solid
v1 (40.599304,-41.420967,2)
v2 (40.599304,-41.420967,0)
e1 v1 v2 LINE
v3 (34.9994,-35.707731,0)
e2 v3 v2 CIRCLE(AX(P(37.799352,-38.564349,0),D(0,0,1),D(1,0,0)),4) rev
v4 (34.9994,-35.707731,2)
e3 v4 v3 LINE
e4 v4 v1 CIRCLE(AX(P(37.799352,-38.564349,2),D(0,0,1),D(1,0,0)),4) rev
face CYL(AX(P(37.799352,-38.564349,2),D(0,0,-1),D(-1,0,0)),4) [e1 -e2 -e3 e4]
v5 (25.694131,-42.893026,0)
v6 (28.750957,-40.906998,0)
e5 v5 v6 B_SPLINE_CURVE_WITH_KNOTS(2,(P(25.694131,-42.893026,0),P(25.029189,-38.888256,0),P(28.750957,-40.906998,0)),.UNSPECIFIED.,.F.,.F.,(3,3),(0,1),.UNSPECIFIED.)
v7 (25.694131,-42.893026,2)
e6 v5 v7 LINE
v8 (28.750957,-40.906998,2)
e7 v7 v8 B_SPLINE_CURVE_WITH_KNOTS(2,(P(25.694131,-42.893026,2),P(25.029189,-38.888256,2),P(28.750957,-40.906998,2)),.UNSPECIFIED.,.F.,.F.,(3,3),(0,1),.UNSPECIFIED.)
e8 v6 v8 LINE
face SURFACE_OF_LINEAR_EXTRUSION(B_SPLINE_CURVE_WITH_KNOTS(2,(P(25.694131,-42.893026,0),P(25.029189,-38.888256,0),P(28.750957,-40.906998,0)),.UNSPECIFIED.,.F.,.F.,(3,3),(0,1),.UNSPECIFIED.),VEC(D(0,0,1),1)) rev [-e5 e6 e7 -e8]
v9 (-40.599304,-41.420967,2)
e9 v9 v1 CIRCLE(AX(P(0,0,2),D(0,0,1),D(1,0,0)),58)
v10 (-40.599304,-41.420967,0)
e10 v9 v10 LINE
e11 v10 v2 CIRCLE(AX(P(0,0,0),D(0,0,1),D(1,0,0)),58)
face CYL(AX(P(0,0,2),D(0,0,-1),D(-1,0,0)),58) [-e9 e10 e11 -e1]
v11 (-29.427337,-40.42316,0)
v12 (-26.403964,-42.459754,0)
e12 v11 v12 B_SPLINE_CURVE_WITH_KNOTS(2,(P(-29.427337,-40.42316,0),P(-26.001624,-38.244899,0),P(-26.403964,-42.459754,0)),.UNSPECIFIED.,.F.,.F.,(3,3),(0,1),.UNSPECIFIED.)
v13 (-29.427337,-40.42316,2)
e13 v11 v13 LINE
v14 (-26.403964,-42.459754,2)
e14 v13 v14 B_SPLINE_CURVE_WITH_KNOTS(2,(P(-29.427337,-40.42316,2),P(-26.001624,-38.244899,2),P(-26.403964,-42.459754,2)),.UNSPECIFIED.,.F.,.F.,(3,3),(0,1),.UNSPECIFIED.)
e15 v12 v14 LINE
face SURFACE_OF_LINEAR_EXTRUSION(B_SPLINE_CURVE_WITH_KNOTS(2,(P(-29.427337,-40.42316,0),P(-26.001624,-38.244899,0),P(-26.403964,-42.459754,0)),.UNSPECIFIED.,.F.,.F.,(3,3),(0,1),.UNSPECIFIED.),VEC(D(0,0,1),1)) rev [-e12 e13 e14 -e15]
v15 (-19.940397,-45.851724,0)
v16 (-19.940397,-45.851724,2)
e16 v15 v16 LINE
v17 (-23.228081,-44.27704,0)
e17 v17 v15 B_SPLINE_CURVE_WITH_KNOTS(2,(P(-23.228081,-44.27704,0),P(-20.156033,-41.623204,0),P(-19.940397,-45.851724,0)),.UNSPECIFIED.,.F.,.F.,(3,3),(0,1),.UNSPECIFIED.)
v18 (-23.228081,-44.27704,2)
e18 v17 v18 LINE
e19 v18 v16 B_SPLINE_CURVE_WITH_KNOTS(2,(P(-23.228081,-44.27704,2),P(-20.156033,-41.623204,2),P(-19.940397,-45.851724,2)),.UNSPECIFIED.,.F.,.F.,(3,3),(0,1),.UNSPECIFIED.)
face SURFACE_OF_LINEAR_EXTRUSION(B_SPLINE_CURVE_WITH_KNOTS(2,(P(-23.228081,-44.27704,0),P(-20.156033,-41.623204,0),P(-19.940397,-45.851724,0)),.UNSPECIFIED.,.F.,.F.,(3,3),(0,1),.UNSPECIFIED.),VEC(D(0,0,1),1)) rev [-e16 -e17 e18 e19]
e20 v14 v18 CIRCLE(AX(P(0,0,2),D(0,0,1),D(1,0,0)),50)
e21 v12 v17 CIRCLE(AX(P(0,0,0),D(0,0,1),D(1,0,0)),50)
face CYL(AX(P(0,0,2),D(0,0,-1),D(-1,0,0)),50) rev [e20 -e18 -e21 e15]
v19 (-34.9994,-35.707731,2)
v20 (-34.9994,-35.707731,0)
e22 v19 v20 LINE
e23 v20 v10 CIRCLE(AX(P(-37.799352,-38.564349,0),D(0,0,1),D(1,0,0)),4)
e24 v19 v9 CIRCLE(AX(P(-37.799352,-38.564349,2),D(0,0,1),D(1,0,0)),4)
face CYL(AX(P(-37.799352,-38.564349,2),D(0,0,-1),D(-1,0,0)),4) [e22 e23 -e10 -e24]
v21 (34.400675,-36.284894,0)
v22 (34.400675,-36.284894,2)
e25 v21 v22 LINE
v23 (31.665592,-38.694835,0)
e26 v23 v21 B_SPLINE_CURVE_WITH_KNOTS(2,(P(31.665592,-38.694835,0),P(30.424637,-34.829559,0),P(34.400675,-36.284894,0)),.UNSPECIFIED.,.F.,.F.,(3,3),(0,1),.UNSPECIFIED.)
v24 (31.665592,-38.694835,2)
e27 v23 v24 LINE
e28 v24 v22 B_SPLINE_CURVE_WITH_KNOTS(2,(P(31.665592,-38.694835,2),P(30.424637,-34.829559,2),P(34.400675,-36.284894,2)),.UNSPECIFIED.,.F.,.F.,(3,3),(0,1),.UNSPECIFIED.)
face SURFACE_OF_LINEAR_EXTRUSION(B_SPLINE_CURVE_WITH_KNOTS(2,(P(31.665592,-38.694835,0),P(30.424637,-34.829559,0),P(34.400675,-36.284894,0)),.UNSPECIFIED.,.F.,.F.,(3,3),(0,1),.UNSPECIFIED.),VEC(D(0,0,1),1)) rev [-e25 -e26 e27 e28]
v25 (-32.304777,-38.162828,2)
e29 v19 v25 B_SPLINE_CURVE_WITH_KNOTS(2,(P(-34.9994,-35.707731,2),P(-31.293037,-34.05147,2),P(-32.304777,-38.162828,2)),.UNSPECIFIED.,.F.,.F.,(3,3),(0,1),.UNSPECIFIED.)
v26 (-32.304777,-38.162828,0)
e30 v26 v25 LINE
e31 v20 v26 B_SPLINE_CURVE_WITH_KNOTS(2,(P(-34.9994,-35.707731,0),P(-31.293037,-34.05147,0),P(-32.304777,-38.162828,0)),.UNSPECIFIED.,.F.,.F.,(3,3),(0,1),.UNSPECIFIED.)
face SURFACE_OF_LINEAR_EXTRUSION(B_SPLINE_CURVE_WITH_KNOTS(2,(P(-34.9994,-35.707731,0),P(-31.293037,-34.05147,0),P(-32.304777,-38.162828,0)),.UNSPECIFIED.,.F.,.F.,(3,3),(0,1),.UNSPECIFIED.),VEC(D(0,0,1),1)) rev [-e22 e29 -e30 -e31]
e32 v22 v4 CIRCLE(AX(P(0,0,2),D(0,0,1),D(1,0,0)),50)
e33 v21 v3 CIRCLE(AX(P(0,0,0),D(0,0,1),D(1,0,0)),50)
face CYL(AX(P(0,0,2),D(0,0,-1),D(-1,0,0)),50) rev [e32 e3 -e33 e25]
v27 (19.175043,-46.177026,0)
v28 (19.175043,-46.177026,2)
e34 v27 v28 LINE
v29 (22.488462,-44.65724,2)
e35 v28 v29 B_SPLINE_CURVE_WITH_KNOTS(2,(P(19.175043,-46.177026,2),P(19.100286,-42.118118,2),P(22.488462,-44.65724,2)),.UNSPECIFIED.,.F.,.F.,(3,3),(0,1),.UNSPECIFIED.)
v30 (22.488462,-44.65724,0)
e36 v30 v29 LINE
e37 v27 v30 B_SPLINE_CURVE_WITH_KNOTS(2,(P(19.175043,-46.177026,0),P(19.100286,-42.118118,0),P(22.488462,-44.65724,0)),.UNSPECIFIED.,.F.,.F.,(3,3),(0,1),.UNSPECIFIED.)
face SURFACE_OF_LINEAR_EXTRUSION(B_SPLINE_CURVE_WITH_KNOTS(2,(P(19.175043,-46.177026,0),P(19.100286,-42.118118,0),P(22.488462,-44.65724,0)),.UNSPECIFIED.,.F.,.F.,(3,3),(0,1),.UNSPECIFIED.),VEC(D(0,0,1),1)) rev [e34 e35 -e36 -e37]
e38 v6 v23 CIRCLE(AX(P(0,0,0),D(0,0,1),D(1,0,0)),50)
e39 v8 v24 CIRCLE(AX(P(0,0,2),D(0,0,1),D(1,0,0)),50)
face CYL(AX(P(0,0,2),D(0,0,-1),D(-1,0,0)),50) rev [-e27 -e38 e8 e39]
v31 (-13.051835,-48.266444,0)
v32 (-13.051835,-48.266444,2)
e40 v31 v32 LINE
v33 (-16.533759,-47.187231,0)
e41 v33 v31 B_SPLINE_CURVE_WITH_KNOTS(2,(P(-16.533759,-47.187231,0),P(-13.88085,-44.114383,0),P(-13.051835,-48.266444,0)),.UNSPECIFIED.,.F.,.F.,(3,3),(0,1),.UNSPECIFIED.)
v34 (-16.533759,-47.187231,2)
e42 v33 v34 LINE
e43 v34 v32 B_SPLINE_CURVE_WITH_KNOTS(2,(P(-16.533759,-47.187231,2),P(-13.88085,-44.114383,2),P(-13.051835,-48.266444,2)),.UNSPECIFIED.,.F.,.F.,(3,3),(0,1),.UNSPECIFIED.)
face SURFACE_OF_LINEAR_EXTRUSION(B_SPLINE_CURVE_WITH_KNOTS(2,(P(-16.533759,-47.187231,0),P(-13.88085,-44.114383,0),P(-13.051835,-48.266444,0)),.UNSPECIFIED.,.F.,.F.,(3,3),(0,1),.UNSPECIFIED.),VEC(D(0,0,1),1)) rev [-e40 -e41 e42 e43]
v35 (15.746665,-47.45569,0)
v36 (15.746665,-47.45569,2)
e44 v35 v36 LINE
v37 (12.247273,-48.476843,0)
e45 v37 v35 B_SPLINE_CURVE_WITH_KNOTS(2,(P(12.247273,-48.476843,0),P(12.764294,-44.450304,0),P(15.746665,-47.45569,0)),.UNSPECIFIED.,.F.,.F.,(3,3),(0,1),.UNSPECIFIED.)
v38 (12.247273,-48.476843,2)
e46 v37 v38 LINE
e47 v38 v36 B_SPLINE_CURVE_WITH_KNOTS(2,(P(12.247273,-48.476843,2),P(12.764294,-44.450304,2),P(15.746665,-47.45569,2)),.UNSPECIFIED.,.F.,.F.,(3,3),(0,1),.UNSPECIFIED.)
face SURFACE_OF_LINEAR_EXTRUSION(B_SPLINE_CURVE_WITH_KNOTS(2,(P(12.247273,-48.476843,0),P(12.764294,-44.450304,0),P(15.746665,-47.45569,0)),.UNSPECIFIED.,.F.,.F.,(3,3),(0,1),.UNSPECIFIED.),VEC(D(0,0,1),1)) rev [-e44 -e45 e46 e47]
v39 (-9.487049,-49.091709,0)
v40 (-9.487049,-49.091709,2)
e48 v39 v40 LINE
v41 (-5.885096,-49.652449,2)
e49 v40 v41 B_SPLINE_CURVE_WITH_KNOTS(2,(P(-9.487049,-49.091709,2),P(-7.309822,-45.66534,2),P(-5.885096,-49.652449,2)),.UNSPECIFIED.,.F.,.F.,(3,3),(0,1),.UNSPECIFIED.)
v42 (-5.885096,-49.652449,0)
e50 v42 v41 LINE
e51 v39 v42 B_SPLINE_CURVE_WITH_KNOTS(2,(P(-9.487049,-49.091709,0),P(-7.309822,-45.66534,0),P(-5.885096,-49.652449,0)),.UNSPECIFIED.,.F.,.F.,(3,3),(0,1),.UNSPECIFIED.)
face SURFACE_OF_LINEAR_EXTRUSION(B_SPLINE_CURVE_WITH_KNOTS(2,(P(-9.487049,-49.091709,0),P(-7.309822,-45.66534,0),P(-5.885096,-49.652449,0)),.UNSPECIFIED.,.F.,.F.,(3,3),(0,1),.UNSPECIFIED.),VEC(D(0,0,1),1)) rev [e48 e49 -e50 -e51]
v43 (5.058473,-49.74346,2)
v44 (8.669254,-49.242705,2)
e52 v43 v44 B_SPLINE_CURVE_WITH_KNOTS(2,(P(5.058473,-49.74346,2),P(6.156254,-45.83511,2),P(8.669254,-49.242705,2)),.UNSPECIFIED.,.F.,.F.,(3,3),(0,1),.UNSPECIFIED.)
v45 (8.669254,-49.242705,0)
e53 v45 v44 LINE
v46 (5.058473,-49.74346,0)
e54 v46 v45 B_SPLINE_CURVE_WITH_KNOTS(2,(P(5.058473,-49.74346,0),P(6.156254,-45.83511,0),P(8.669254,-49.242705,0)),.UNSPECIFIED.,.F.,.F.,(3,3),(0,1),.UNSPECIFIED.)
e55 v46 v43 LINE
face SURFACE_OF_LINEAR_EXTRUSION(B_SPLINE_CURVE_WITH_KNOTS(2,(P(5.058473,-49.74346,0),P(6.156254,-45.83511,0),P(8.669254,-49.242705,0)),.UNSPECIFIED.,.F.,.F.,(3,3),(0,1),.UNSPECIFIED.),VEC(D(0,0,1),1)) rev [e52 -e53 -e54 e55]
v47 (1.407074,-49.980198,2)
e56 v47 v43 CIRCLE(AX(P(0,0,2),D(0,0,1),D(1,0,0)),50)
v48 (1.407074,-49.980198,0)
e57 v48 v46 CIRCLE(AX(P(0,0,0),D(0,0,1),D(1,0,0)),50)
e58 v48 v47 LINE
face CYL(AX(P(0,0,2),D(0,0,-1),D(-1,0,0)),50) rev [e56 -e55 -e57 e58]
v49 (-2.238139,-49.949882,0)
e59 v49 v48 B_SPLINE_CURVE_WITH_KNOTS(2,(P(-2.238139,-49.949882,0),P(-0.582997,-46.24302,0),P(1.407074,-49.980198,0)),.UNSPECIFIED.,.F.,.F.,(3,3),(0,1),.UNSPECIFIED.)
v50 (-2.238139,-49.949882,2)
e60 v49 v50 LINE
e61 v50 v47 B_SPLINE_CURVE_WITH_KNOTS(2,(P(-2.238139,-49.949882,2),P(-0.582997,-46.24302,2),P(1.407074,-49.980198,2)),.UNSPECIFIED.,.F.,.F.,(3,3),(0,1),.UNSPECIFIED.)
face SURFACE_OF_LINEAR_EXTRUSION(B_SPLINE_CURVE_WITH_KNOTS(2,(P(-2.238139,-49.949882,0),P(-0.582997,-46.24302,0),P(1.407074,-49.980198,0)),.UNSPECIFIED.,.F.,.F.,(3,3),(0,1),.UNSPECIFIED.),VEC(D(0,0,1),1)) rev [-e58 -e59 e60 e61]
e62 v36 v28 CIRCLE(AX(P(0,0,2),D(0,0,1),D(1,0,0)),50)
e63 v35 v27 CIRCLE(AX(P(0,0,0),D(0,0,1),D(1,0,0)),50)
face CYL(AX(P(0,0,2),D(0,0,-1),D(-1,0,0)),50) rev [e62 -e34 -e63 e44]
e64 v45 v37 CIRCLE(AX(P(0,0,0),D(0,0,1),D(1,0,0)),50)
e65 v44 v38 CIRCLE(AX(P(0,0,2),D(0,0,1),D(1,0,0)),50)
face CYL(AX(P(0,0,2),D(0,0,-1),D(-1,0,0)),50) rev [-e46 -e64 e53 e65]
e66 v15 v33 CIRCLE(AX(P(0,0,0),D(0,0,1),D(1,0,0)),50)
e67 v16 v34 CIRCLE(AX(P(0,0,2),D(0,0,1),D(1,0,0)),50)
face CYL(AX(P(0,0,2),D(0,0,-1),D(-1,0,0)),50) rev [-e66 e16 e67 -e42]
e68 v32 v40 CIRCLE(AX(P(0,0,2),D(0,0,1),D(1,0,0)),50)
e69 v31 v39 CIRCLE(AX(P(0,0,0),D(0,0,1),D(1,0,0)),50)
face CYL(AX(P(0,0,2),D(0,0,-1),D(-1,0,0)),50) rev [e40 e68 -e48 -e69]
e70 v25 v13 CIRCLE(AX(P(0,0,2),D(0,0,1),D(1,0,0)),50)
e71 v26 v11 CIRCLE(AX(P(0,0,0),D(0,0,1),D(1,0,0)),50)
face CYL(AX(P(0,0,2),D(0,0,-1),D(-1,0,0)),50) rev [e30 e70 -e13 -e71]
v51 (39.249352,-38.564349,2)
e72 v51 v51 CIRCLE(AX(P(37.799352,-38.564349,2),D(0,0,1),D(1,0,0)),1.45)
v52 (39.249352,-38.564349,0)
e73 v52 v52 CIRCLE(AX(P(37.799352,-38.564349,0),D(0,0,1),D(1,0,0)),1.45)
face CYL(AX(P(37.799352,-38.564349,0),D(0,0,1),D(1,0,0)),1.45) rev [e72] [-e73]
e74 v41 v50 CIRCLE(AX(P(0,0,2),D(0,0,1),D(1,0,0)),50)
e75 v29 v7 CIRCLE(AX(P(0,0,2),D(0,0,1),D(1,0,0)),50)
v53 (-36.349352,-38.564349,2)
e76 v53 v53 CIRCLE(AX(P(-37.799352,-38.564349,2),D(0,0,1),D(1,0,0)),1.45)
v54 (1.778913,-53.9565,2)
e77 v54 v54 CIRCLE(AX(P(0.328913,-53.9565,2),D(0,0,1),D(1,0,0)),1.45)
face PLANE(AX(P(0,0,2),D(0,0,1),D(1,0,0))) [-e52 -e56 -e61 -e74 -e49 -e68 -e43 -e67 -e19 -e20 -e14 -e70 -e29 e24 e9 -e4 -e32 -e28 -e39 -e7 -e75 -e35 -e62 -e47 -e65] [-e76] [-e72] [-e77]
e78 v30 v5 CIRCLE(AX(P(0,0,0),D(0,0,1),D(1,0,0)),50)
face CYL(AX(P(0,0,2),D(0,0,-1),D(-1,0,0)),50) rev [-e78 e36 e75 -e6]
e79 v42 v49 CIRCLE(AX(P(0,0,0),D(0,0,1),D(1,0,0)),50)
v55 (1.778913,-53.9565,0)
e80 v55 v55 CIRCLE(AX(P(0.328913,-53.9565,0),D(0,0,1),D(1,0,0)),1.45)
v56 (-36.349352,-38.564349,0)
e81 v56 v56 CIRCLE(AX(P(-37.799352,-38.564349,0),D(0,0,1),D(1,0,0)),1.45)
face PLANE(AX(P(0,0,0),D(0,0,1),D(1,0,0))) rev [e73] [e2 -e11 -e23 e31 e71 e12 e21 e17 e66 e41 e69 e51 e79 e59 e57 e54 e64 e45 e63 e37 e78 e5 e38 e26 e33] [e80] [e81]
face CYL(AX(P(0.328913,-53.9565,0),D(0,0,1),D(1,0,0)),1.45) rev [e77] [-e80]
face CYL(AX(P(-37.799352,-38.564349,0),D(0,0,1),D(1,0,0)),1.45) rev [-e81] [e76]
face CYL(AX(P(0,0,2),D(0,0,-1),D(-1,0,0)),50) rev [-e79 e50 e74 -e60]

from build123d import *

# Parameters (mm, degrees)
EXTRUDE_1_DEPTH     = 2
EXTRUDE_START       = -2
EXTRUDE_6_DEPTH     = 2
SKETCH_3_R          = 1.45
CUT_EXTRUDE_1_DEPTH = 2


with BuildPart() as part:
    # 草图1 → 凸台-拉伸1 (new body)
    with BuildSketch(Plane.XY):
        with BuildLine():
            ThreePointArc((34.999399669, -35.707730574), (0, -50), (-34.999399669, -35.707730574))
            ThreePointArc((-34.999399669, -35.707730574), (-40.655970089, -35.764397047), (-40.599303617, -41.420967466))
            ThreePointArc((-40.599303617, -41.420967466), (0, -58), (40.599303617, -41.420967466))
            ThreePointArc((40.599303617, -41.420967466), (40.655970089, -35.764397047), (34.999399669, -35.707730574))
        make_face()
    extrude(amount=EXTRUDE_1_DEPTH)

    # 草图2 → 凸台-拉伸6 (add)
    with BuildSketch(Plane.XY.offset(2).offset(EXTRUDE_START)):
        with BuildLine():
            add(Edge.make_bspline(
                [(-34.999399669, -35.707730574), (-31.293036679, -34.051470167), (-32.304776642, -38.162827543)],
                knots=[0, 0, 0, 1, 1, 1], degree=2))
            ThreePointArc((-34.999399669, -35.707730574), (-33.674469744, -36.959844257), (-32.304776642, -38.162827543))
        make_face()
        with BuildLine():
            add(Edge.make_bspline(
                [(-29.427336681, -40.423159895), (-26.001624486, -38.244898865), (-26.403964274, -42.459753539)],
                knots=[0, 0, 0, 1, 1, 1], degree=2))
            ThreePointArc((-29.427336681, -40.423159895), (-27.934216832, -41.469018918), (-26.403964274, -42.459753539))
        make_face()
        with BuildLine():
            add(Edge.make_bspline(
                [(-23.228081101, -44.277039743), (-20.15603281, -41.623203943), (-19.940397248, -45.851723605)],
                knots=[0, 0, 0, 1, 1, 1], degree=2))
            ThreePointArc((-23.228081101, -44.277039743), (-21.598594585, -45.094353437), (-19.940397248, -45.851723605))
        make_face()
        with BuildLine():
            add(Edge.make_bspline(
                [(-16.5337593, -47.18723136), (-13.880850288, -44.114382693), (-13.051835275, -48.266443788)],
                knots=[0, 0, 0, 1, 1, 1], degree=2))
            ThreePointArc((-16.5337593, -47.18723136), (-14.802635794, -47.758580104), (-13.051835275, -48.266443788))
        make_face()
        with BuildLine():
            add(Edge.make_bspline(
                [(-9.487049125, -49.091709065), (-7.309821542, -45.665339966), (-5.885096092, -49.65244852)],
                knots=[0, 0, 0, 1, 1, 1], degree=2))
            ThreePointArc((-9.487049125, -49.091709065), (-7.69118452, -49.404915552), (-5.885096092, -49.65244852))
        make_face()
        with BuildLine():
            add(Edge.make_bspline(
                [(-2.238138968, -49.949882222), (-0.58299664, -46.243019798), (1.407073696, -49.980197515)],
                knots=[0, 0, 0, 1, 1, 1], degree=2))
            ThreePointArc((-2.238138968, -49.949882222), (-0.415809002, -49.998270999), (1.407073696, -49.980197515))
        make_face()
        with BuildLine():
            add(Edge.make_bspline(
                [(5.058473235, -49.743460359), (6.156253823, -45.835109949), (8.669254151, -49.242705373)],
                knots=[0, 0, 0, 1, 1, 1], degree=2))
            ThreePointArc((5.058473235, -49.743460359), (6.868428764, -49.526000104), (8.669254151, -49.242705373))
        make_face()
        with BuildLine():
            add(Edge.make_bspline(
                [(31.66559238, -38.694835046), (30.424637319, -34.829559417), (34.400675338, -36.284894051)],
                knots=[0, 0, 0, 1, 1, 1], degree=2))
            ThreePointArc((31.66559238, -38.694835046), (33.055103788, -37.514798594), (34.400675338, -36.284894051))
        make_face()
        with BuildLine():
            add(Edge.make_bspline(
                [(25.69413065, -42.893025659), (25.029188635, -38.888256343), (28.750957058, -40.906997791)],
                knots=[0, 0, 0, 1, 1, 1], degree=2))
            ThreePointArc((25.69413065, -42.893025659), (27.240649231, -41.927878905), (28.750957058, -40.906997791))
        make_face()
        with BuildLine():
            add(Edge.make_bspline(
                [(19.175043133, -46.177025899), (19.100286249, -42.118117602), (22.488462044, -44.657239893)],
                knots=[0, 0, 0, 1, 1, 1], degree=2))
            ThreePointArc((19.175043133, -46.177025899), (20.84560753, -45.44733927), (22.488462044, -44.657239893))
        make_face()
        with BuildLine():
            add(Edge.make_bspline(
                [(12.247272863, -48.476843002), (12.764294423, -44.450304307), (15.746664505, -47.455690459)],
                knots=[0, 0, 0, 1, 1, 1], degree=2))
            ThreePointArc((12.247272863, -48.476843002), (14.006277895, -47.998168502), (15.746664505, -47.455690459))
        make_face()
    extrude(amount=EXTRUDE_6_DEPTH)

    # 草图3 → 切除-拉伸1 (cut)
    with BuildSketch(Plane.XY.offset(2)):
        with Locations((-37.799351643, -38.56434902)):
            Circle(SKETCH_3_R)
        with Locations((0.328913231, -53.956500006)):
            Circle(SKETCH_3_R)
        with Locations((37.799351643, -38.56434902)):
            Circle(SKETCH_3_R)
    extrude(amount=-CUT_EXTRUDE_1_DEPTH, mode=Mode.SUBTRACT)


solid = part.part
